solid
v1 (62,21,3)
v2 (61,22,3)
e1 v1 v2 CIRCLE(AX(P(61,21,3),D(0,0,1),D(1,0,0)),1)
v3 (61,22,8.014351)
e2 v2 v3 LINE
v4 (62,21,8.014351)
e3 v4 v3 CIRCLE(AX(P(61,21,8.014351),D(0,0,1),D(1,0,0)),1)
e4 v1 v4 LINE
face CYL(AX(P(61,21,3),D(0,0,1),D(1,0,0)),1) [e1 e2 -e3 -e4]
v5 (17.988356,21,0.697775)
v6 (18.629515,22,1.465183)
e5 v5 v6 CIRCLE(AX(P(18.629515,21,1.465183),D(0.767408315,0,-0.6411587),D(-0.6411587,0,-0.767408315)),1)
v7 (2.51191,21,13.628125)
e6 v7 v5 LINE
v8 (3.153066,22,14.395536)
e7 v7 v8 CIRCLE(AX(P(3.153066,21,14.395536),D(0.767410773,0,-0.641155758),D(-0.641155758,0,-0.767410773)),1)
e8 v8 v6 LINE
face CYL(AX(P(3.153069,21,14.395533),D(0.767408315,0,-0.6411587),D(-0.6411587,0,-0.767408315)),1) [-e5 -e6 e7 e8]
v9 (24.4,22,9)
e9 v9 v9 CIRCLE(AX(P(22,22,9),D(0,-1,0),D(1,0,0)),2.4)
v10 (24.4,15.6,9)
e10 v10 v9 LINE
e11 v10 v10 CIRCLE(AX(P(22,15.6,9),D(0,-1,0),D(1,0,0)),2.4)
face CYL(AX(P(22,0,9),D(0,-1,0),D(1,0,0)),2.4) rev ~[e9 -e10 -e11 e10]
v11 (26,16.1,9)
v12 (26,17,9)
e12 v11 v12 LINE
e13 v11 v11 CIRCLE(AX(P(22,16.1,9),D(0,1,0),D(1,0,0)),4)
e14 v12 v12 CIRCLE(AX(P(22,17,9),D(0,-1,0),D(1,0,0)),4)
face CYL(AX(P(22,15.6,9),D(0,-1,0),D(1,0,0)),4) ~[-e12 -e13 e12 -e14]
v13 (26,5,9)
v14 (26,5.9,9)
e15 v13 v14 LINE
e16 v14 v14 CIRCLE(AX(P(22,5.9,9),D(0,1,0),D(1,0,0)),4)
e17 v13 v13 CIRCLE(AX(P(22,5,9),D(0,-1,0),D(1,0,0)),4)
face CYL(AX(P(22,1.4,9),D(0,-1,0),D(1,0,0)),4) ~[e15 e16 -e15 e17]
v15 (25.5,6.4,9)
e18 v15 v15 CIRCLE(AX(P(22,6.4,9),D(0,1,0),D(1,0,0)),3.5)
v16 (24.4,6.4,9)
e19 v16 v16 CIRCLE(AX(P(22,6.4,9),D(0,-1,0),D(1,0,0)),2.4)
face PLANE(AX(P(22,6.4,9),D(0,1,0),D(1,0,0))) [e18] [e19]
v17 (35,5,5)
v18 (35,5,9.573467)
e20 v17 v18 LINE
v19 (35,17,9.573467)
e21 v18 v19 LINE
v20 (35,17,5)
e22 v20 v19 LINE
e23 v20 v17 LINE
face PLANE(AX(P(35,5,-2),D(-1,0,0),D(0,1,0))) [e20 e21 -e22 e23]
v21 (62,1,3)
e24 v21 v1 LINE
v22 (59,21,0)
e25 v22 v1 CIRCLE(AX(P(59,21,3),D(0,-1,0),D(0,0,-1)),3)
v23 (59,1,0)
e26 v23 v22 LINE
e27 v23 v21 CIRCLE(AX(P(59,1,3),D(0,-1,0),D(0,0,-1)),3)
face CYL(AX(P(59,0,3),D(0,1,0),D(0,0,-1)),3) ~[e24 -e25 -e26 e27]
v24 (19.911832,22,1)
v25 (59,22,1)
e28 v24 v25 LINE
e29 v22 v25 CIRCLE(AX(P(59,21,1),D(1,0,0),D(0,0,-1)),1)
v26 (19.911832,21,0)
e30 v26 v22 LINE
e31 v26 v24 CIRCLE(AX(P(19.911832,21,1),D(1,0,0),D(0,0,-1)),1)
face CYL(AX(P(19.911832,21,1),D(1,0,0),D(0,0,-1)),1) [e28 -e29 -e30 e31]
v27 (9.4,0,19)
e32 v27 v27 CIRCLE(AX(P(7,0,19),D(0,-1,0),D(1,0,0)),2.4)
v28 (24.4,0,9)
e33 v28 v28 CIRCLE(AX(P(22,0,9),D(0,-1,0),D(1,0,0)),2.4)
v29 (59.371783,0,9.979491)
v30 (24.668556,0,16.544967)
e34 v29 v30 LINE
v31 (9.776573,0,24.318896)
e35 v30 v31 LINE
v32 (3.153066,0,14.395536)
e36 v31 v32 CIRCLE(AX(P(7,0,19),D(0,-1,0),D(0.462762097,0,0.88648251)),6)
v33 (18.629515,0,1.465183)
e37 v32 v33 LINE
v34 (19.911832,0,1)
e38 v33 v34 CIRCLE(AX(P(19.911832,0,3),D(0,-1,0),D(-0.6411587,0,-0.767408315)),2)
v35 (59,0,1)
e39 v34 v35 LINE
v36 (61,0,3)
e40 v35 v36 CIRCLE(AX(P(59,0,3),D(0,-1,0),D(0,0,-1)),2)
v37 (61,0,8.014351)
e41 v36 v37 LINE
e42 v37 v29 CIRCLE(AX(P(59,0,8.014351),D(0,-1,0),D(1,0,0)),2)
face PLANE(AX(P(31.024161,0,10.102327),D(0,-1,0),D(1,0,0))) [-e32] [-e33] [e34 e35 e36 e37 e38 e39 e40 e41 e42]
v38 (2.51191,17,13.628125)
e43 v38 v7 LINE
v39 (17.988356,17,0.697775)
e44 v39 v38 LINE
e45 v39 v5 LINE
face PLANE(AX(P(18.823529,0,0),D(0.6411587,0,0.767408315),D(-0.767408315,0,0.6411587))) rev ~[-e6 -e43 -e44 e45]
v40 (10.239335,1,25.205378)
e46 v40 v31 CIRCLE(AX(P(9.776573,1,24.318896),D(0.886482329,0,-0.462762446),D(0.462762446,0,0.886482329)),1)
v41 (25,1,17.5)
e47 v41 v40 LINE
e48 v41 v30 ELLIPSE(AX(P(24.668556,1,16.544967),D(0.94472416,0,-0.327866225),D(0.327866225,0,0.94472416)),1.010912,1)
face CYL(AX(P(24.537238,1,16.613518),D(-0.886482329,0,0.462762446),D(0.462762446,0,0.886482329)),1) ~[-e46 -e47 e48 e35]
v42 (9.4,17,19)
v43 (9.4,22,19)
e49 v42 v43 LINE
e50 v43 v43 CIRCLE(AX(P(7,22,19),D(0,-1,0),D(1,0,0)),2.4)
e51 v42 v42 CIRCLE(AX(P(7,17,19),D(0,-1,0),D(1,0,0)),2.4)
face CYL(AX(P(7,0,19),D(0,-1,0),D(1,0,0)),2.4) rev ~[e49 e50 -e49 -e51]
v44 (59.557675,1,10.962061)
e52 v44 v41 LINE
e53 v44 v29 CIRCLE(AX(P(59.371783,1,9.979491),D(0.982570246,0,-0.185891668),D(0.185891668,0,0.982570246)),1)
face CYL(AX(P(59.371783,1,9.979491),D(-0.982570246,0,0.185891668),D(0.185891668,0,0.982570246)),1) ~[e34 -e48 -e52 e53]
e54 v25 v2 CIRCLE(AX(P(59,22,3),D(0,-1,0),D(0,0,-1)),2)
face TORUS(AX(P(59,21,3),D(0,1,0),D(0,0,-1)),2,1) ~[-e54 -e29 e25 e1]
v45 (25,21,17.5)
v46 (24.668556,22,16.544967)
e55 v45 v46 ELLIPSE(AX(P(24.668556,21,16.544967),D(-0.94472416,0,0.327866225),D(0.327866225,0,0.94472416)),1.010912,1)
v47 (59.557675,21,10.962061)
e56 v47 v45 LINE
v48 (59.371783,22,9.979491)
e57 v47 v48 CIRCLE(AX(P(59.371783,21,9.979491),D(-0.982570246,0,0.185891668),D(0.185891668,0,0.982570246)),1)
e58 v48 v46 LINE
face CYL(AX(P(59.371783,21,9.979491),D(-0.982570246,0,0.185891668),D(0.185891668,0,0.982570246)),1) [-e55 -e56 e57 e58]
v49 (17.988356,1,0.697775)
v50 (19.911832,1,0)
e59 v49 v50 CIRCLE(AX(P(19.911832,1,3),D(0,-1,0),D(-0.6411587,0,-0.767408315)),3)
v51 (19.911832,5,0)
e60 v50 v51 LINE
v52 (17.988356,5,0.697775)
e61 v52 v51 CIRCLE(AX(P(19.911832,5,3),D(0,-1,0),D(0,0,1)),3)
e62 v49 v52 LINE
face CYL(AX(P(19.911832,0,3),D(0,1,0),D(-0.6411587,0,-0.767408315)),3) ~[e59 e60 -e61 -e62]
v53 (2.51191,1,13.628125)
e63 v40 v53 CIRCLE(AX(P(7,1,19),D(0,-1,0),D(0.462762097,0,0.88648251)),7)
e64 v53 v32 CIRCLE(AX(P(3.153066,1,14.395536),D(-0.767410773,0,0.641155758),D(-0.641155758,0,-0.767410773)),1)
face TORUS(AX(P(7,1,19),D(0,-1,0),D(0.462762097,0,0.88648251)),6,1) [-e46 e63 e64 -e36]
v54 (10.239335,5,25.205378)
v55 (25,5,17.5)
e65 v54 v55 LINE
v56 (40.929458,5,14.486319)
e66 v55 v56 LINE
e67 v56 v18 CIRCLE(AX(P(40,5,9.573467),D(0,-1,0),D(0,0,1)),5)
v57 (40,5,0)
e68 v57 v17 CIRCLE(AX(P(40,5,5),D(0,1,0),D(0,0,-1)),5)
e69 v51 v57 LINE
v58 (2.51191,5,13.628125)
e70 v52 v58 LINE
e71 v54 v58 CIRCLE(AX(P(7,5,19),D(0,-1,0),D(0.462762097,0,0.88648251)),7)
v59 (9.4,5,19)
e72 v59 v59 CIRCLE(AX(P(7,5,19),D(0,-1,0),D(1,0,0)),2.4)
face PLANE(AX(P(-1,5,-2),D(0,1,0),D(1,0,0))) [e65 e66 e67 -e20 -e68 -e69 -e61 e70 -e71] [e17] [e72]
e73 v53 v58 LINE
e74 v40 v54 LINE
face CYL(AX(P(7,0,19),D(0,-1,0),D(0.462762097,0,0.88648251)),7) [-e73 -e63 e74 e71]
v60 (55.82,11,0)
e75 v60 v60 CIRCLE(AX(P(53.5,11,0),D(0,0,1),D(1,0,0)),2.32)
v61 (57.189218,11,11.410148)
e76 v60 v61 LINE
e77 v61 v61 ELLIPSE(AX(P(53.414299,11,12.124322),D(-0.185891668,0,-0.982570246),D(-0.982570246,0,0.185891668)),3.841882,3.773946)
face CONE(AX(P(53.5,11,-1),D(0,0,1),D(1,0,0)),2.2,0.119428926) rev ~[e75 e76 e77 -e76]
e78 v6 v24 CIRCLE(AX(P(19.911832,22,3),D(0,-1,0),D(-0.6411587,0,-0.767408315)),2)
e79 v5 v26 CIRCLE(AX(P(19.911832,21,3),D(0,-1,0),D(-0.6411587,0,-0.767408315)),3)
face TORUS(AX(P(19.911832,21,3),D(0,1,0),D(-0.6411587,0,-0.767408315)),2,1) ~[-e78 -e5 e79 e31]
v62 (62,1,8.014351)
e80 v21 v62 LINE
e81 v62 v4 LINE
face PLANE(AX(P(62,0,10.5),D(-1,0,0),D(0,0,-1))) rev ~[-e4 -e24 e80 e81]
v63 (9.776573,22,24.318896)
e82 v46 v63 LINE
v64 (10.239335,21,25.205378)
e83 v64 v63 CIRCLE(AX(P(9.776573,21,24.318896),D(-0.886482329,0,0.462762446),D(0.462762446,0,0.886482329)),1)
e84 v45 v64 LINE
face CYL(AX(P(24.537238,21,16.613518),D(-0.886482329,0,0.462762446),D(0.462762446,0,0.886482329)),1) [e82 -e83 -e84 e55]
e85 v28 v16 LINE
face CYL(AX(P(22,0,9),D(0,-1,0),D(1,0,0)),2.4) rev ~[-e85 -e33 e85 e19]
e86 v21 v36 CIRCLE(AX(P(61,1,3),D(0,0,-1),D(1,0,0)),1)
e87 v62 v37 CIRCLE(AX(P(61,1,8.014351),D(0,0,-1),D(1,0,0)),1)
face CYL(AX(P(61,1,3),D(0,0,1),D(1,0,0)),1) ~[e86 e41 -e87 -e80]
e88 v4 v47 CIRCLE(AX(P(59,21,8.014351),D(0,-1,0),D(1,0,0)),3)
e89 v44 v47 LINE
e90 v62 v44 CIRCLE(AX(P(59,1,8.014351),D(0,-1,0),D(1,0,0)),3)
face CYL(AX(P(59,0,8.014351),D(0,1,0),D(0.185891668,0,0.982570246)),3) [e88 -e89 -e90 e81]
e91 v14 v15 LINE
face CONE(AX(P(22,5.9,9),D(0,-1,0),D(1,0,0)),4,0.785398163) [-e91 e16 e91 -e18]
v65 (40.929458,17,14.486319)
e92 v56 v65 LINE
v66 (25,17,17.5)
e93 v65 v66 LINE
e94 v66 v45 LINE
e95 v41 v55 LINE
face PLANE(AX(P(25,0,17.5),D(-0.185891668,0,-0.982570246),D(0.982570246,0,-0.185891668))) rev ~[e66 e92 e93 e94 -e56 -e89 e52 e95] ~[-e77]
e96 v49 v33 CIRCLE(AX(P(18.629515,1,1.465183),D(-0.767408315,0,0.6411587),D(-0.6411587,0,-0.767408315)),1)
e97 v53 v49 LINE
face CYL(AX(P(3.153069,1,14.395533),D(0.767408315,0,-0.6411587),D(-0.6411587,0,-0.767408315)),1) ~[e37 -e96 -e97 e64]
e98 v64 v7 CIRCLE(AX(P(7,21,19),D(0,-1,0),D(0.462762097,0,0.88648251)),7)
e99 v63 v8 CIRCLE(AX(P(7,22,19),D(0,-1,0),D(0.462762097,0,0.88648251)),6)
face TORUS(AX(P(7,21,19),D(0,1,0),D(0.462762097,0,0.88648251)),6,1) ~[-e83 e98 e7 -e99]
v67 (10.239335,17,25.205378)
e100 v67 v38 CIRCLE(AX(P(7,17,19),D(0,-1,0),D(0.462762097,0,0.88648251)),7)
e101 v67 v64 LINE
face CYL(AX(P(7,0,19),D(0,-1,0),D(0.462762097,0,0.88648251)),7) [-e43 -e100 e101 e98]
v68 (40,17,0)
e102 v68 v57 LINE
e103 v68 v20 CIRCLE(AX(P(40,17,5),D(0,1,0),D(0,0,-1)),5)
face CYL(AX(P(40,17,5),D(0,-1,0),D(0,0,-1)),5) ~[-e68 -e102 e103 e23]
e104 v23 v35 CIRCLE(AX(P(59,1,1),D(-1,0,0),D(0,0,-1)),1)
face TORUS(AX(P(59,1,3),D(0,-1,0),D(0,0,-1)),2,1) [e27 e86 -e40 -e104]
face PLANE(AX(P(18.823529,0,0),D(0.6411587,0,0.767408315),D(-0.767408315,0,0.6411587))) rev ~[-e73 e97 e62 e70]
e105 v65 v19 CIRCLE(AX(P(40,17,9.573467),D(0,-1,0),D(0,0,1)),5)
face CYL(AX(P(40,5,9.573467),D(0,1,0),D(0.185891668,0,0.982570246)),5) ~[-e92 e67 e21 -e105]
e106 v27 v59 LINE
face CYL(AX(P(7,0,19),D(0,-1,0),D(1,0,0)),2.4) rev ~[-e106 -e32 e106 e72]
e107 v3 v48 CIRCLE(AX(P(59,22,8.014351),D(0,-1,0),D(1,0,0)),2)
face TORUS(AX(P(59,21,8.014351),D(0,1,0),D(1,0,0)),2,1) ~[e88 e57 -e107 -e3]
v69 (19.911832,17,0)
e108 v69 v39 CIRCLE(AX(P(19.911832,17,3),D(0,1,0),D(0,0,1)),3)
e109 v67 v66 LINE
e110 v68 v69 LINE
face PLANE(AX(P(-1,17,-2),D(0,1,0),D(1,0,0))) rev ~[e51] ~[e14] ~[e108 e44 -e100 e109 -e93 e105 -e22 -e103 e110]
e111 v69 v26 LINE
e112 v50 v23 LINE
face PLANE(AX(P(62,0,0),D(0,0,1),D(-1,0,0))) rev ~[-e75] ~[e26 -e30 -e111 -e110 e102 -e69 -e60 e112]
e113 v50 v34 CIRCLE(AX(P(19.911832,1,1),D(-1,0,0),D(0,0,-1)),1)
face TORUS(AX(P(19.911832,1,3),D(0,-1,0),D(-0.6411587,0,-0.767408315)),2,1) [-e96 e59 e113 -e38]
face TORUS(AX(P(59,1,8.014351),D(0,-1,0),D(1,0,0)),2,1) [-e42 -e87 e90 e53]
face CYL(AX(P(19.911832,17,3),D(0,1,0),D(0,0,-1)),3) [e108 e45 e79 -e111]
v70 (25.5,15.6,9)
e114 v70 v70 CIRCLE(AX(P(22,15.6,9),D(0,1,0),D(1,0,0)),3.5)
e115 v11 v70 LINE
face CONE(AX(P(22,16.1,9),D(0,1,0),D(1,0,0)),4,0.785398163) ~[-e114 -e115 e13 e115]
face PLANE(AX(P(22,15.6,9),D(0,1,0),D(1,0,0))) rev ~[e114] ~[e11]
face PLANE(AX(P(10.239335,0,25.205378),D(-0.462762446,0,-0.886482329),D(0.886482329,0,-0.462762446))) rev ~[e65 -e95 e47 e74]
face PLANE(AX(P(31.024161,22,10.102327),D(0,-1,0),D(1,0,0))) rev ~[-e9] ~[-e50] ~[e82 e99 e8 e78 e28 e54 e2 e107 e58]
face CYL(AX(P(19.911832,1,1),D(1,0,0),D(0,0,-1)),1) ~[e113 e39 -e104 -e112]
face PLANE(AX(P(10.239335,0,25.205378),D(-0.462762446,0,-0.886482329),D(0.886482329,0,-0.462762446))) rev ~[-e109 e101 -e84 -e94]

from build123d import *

# Parameters (mm, degrees)
CYLINDER007_R          = 4
CYLINDER007_DEPTH      = 5
CYLINDER007_ROLL_ANGLE = -90
CYLINDER008_R          = 4
CYLINDER008_DEPTH      = 5
CYLINDER008_ROLL_ANGLE = -90
CHAMFER001_SIZE        = 0.5
BOX014_W               = 36
BOX014_H               = 12
BOX014_DEPTH           = 31
SKETCH013_R            = 2.4
PAD011_DEPTH           = 22
FILLET017_R            = 3
FILLET018_R            = 5
FILLET019_R            = 1


with BuildPart() as cone:
    # Cone → Cone (revolve)
    with BuildSketch(Plane(origin=(53.5, 11, -1), x_dir=(1, 0, 0), z_dir=(0, -1, 0))):
        Polygon((0, 0), (2.2, 0), (4, 15), (0, 15), align=None)
    revolve(axis=Axis((53.5, 11, -1), (0, 0, 1)))


with BuildPart() as cylinder007:
    # Cylinder007 → Cylinder007 (new body)
    with BuildSketch(Plane.XY):
        Circle(CYLINDER007_R)
    extrude(amount=CYLINDER007_DEPTH)


with BuildPart() as cylinder007_1:
    # Cylinder007 roll: moved
    add(cylinder007.part.rotate(Axis((0, 0, 0), (1, 0, 0)), CYLINDER007_ROLL_ANGLE))


with BuildPart() as cylinder007_2:
    # Cylinder007 placement: moved
    add(cylinder007_1.part.moved(Location((22, 15.6, 9))))


with BuildPart() as chamfer001:
    # Cylinder008 → Cylinder008 (new body)
    with BuildSketch(Plane.XY):
        Circle(CYLINDER008_R)
    extrude(amount=CYLINDER008_DEPTH)


with BuildPart() as chamfer001_1:
    # Cylinder008 roll: moved
    add(chamfer001.part.rotate(Axis((0, 0, 0), (1, 0, 0)), CYLINDER008_ROLL_ANGLE))


with BuildPart() as chamfer001_2:
    # Cylinder008 placement: moved
    add(chamfer001_1.part.moved(Location((22, 1.4, 9))))

    # Fusion008: union Cylinder007
    add(cylinder007_2.part)

    # Chamfer001
    chamfer001_edges = [chamfer001_2.edges().sort_by_distance(p)[0] for p in [
        (18, 15.6, 9),
        (18, 6.4, 9),
    ]]
    chamfer(chamfer001_edges, length=CHAMFER001_SIZE)


with BuildPart() as cut022:
    # Box014 → Box014 (new body)
    with BuildSketch(Plane(origin=(-1, 5, -2), x_dir=(1, 0, 0), z_dir=(0, 0, 1))):
        with Locations((18, 6)):
            Rectangle(BOX014_W, BOX014_H)
    extrude(amount=BOX014_DEPTH)

    # Cut022: cut Chamfer001
    add(chamfer001_2.part, mode=Mode.SUBTRACT)


with BuildPart() as cut024:
    # Sketch013 → Pad011 (new body)
    with BuildSketch(Plane.XZ):
        with BuildLine():
            ThreePointArc((10.239335, 25.205378), (1.177797, 22.886123), (2.51191, 13.628125))
            Line((18.823529, 0), (2.51191, 13.628125))
            Line((62, 0), (18.823529, 0))
            Line((62, 10.5), (62, 0))
            Line((25, 17.5), (62, 10.5))
            Line((10.239335, 25.205378), (25, 17.5))
        make_face()
        with Locations((7, 19)):
            Circle(SKETCH013_R, mode=Mode.SUBTRACT)
        with Locations((22, 9)):
            Circle(SKETCH013_R, mode=Mode.SUBTRACT)
    extrude(amount=-PAD011_DEPTH)

    # Cut023: cut Cut022
    add(cut022.part, mode=Mode.SUBTRACT)

    # Fillet017
    fillet017_edges = [cut024.edges().sort_by_distance(p)[0] for p in [
        (18.823529, 2.5, 0),
        (18.823529, 19.5, 0),
        (62, 11, 0),
        (62, 11, 10.5),
    ]]
    fillet(fillet017_edges, radius=FILLET017_R)

    # Fillet018
    fillet018_edges = [cut024.edges().sort_by_distance(p)[0] for p in [
        (35, 11, 0),
        (35, 11, 15.608108),
    ]]
    fillet(fillet018_edges, radius=FILLET018_R)

    # Fillet019
    fillet019_edges = [cut024.edges().sort_by_distance(p)[0] for p in [
        (1.177797, 0, 22.886123),
        (1.177797, 22, 22.886123),
    ]]
    fillet(fillet019_edges, radius=FILLET019_R)

    # Cut024: cut Cone
    add(cone.part, mode=Mode.SUBTRACT)


solid = cut024.part
